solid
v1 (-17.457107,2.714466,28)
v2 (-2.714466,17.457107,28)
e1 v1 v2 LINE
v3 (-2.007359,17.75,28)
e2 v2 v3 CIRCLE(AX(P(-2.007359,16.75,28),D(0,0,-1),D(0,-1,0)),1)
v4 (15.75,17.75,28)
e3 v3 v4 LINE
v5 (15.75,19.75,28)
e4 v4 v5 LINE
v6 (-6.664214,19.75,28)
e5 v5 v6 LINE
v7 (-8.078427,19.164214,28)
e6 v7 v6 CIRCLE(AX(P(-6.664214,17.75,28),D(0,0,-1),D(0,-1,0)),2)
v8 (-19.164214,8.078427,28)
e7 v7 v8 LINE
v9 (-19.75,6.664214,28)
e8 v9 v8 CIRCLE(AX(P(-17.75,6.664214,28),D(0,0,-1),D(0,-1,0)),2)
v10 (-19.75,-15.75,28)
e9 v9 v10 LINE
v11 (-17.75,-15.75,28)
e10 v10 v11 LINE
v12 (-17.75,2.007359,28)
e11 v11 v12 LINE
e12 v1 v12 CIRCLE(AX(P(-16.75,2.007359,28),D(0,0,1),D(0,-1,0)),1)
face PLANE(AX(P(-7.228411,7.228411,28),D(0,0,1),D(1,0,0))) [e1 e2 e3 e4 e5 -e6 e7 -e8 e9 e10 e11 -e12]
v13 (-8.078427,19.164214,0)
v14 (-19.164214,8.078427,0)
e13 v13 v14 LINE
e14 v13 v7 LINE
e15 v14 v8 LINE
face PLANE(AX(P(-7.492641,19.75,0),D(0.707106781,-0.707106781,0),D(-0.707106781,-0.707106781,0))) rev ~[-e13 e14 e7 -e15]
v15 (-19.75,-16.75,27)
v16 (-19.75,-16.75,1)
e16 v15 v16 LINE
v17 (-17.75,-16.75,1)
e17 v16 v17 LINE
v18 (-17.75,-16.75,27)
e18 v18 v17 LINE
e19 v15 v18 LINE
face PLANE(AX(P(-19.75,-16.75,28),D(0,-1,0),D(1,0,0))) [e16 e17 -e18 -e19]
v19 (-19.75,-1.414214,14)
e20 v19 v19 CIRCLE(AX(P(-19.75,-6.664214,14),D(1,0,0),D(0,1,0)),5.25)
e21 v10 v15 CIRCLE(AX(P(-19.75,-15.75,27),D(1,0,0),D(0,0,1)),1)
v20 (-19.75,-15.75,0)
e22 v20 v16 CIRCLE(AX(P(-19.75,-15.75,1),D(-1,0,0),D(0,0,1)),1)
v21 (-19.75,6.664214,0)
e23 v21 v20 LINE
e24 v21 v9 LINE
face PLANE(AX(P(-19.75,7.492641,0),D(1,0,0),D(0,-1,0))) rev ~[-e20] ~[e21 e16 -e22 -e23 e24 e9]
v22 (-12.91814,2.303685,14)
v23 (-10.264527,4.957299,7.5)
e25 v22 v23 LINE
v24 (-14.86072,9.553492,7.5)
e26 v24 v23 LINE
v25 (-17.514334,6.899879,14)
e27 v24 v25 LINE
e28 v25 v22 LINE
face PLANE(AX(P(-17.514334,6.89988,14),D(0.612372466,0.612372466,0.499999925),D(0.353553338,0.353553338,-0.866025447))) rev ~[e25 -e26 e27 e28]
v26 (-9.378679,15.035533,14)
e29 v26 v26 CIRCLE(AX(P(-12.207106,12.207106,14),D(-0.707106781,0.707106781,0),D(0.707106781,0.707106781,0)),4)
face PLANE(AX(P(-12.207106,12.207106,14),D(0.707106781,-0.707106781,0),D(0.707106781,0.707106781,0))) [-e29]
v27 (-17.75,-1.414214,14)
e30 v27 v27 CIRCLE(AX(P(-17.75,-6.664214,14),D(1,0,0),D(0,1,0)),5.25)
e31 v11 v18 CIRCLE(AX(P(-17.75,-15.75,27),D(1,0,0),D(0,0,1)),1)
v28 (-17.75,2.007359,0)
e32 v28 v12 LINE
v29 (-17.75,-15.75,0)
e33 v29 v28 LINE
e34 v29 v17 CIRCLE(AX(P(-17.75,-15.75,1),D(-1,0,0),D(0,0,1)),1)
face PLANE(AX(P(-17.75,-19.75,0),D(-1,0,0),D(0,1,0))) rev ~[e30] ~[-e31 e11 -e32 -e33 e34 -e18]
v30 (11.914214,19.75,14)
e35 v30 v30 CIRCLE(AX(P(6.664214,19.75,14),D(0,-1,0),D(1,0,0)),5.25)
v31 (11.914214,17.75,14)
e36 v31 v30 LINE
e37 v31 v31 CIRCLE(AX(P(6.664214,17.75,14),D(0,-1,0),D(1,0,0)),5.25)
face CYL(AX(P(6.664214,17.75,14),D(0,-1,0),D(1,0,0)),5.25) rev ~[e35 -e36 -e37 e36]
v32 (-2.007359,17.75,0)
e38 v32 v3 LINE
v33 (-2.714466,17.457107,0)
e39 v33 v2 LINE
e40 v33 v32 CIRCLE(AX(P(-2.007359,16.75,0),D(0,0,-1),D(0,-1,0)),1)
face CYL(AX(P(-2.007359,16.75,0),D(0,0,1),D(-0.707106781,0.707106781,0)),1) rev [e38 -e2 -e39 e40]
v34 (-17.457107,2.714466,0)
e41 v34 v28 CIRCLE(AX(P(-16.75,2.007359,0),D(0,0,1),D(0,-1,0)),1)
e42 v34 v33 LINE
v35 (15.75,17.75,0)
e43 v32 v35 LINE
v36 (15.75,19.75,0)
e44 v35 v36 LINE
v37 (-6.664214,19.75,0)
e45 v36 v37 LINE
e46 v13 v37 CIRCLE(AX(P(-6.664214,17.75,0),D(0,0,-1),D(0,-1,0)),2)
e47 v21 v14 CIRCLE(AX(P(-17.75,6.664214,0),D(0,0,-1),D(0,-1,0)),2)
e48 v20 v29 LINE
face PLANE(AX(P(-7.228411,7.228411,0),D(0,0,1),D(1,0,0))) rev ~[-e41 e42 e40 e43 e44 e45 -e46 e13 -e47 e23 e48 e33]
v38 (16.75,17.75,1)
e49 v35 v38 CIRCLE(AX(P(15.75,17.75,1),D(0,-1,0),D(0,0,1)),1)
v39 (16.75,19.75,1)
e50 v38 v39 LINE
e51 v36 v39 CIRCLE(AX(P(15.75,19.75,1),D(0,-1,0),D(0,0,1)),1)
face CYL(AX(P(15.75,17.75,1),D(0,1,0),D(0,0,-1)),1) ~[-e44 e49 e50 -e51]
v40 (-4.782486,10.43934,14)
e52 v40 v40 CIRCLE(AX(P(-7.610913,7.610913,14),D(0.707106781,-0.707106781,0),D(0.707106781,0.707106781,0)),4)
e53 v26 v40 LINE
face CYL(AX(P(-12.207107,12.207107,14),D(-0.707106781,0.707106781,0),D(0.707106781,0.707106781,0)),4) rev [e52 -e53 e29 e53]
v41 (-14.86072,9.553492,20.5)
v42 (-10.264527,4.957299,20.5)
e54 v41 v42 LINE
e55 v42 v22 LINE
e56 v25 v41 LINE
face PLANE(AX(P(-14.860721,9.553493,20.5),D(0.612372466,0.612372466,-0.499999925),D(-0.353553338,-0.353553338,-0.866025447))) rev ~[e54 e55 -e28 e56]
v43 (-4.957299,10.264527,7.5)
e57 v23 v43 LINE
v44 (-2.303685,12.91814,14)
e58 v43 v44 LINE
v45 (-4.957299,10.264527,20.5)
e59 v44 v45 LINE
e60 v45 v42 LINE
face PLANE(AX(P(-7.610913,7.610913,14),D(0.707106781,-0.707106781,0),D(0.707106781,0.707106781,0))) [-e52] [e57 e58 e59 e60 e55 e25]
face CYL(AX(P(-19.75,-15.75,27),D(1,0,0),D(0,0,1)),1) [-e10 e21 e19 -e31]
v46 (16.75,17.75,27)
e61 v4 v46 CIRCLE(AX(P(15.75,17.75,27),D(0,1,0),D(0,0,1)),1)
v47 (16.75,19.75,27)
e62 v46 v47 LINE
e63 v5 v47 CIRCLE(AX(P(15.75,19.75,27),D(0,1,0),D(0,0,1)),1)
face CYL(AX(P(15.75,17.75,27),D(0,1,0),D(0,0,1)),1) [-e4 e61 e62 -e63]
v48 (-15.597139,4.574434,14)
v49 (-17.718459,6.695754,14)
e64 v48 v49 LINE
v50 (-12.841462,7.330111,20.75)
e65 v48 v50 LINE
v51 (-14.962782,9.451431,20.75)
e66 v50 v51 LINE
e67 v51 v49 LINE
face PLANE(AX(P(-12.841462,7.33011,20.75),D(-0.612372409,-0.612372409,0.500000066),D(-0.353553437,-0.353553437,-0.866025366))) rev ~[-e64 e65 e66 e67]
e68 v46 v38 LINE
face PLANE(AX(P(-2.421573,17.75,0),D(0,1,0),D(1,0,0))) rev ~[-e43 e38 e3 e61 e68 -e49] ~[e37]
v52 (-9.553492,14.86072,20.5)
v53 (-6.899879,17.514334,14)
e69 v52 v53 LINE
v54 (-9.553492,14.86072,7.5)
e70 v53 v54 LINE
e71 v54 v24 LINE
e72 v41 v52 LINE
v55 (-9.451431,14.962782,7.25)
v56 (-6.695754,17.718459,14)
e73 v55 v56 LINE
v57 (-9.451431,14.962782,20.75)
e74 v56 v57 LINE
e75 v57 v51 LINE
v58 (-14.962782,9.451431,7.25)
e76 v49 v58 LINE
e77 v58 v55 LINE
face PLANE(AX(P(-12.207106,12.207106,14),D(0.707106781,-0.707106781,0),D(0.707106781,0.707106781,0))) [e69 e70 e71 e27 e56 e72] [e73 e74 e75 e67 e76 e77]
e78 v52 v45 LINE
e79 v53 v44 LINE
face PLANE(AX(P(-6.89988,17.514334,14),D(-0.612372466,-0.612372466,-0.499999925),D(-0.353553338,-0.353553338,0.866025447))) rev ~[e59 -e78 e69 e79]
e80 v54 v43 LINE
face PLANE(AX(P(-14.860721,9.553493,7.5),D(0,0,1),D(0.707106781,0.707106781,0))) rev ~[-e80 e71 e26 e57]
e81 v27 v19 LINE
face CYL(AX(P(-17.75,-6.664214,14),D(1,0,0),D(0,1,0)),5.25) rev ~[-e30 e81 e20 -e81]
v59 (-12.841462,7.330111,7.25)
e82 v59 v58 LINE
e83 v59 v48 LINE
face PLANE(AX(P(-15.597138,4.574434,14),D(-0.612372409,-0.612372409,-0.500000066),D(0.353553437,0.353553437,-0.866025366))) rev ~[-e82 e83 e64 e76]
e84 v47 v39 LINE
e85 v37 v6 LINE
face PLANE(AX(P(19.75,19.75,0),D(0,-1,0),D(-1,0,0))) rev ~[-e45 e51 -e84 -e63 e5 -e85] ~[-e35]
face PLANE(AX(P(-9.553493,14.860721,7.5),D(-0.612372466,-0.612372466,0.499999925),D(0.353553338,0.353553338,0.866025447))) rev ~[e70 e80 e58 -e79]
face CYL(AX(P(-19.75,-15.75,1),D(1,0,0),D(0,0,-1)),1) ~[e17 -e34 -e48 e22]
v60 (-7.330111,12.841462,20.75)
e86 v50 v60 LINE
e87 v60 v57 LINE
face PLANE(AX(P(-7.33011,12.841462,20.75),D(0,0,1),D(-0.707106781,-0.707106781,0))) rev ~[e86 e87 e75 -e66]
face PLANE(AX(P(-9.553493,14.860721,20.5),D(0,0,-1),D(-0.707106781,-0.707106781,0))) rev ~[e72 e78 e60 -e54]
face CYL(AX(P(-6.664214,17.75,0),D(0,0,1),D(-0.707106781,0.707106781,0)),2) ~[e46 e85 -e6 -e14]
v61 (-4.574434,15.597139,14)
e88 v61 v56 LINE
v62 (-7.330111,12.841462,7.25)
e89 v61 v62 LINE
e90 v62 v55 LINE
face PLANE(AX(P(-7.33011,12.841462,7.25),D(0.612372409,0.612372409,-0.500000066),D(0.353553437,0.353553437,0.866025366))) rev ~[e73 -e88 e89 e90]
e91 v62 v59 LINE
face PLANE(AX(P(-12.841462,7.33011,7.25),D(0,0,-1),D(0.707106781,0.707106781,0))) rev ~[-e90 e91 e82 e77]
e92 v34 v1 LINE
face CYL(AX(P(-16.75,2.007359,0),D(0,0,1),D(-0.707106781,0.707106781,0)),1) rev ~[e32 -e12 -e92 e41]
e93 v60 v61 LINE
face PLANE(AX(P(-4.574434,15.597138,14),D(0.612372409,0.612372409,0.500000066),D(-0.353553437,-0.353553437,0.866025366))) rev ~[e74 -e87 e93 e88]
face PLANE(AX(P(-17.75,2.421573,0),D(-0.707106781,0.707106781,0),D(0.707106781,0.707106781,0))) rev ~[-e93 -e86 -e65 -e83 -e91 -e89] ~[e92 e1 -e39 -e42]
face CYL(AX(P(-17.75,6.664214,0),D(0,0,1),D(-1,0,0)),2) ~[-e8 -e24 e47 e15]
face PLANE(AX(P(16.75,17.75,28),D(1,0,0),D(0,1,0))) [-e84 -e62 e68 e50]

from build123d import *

# Parameters (mm, degrees)
F1_DEPTH  = 28
F3_R      = 5.25
F4_DEPTH  = 25
F6_DEPTH  = 3
F7_R      = 4
F8_DEPTH  = 6.5
F9_W      = 2
F9_H      = 3
F9_W_2    = 3
F9_H_2    = 2
F10_DEPTH = 28.001
F2_R      = 5.25
F11_DEPTH = 25
F12_R     = 1
F13_R     = 2


with BuildPart() as f1:
    # F0 (on Top) → F1 (new body)
    with BuildSketch(Plane.XY):
        Polygon((-19.75, 3.25), (-19.75, -19.75), (-17.75, -19.75), (-17.75, 2.421573), (-2.421573, 17.75), (19.75, 17.75), (19.75, 19.75), (-3.25, 19.75), (-7.492641, 19.75), (-19.75, 7.492641), align=None)
    extrude(amount=F1_DEPTH)

    # F3 (on face) → F4 (cut)
    with BuildSketch(Plane.XZ.offset(-17.75)):
        with Locations((6.664214, 14)):
            Circle(F3_R)
    extrude(amount=-F4_DEPTH, mode=Mode.SUBTRACT)

    # F5 (on face) → F6 (cut)
    with BuildSketch(Plane(origin=(-10.085786, 10.085786, 0), x_dir=(0.707107, 0.707107, 0), z_dir=(0.707107, -0.707107, 0))):
        Polygon((-3.897114, 7.25), (3.897114, 7.25), (7.794229, 14), (3.897114, 20.75), (-3.897114, 20.75), (-7.794229, 14), align=None)
    extrude(amount=-F6_DEPTH, mode=Mode.SUBTRACT)

    # F7 (on face) → F8 (join)
    with BuildSketch(Plane(origin=(-12.207107, 12.207107, 0), x_dir=(0.707107, 0.707107, 0), z_dir=(0.707107, -0.707107, 0))):
        Polygon((3.752777, 20.5), (-3.752777, 20.5), (-7.505553, 14), (-3.752777, 7.5), (3.752777, 7.5), (7.505553, 14), align=None)
        with Locations((0, 14)):
            Circle(F7_R, mode=Mode.SUBTRACT)
    extrude(amount=F8_DEPTH)

    # F9 (on face) → F10 (cut, through all)
    with BuildSketch(Plane.XY.offset(28)):
        with Locations((-18.75, -18.25)):
            Rectangle(F9_W, F9_H)
        with Locations((18.25, 18.75)):
            Rectangle(F9_W_2, F9_H_2)
    extrude(amount=-F10_DEPTH, mode=Mode.SUBTRACT)

    # F2 (on face) → F11 (cut)
    with BuildSketch(Plane.YZ.offset(-17.75)):
        with Locations((-6.664214, 14)):
            Circle(F2_R)
    extrude(amount=-F11_DEPTH, mode=Mode.SUBTRACT)

    # F12
    f12_edges = [f1.edges().sort_by_distance(p)[0] for p in [
        (-17.75, 2.421573, 14),
        (-2.421573, 17.75, 14),
        (16.75, 18.75, 28),
        (16.75, 18.75, 0),
        (-18.75, -16.75, 28),
        (-18.75, -16.75, 0),
    ]]
    fillet(f12_edges, radius=F12_R)

    # F13
    f13_edges = [f1.edges().sort_by_distance(p)[0] for p in [
        (-19.75, 7.492641, 14),
        (-7.492641, 19.75, 14),
    ]]
    fillet(f13_edges, radius=F13_R)


solid = f1.part
